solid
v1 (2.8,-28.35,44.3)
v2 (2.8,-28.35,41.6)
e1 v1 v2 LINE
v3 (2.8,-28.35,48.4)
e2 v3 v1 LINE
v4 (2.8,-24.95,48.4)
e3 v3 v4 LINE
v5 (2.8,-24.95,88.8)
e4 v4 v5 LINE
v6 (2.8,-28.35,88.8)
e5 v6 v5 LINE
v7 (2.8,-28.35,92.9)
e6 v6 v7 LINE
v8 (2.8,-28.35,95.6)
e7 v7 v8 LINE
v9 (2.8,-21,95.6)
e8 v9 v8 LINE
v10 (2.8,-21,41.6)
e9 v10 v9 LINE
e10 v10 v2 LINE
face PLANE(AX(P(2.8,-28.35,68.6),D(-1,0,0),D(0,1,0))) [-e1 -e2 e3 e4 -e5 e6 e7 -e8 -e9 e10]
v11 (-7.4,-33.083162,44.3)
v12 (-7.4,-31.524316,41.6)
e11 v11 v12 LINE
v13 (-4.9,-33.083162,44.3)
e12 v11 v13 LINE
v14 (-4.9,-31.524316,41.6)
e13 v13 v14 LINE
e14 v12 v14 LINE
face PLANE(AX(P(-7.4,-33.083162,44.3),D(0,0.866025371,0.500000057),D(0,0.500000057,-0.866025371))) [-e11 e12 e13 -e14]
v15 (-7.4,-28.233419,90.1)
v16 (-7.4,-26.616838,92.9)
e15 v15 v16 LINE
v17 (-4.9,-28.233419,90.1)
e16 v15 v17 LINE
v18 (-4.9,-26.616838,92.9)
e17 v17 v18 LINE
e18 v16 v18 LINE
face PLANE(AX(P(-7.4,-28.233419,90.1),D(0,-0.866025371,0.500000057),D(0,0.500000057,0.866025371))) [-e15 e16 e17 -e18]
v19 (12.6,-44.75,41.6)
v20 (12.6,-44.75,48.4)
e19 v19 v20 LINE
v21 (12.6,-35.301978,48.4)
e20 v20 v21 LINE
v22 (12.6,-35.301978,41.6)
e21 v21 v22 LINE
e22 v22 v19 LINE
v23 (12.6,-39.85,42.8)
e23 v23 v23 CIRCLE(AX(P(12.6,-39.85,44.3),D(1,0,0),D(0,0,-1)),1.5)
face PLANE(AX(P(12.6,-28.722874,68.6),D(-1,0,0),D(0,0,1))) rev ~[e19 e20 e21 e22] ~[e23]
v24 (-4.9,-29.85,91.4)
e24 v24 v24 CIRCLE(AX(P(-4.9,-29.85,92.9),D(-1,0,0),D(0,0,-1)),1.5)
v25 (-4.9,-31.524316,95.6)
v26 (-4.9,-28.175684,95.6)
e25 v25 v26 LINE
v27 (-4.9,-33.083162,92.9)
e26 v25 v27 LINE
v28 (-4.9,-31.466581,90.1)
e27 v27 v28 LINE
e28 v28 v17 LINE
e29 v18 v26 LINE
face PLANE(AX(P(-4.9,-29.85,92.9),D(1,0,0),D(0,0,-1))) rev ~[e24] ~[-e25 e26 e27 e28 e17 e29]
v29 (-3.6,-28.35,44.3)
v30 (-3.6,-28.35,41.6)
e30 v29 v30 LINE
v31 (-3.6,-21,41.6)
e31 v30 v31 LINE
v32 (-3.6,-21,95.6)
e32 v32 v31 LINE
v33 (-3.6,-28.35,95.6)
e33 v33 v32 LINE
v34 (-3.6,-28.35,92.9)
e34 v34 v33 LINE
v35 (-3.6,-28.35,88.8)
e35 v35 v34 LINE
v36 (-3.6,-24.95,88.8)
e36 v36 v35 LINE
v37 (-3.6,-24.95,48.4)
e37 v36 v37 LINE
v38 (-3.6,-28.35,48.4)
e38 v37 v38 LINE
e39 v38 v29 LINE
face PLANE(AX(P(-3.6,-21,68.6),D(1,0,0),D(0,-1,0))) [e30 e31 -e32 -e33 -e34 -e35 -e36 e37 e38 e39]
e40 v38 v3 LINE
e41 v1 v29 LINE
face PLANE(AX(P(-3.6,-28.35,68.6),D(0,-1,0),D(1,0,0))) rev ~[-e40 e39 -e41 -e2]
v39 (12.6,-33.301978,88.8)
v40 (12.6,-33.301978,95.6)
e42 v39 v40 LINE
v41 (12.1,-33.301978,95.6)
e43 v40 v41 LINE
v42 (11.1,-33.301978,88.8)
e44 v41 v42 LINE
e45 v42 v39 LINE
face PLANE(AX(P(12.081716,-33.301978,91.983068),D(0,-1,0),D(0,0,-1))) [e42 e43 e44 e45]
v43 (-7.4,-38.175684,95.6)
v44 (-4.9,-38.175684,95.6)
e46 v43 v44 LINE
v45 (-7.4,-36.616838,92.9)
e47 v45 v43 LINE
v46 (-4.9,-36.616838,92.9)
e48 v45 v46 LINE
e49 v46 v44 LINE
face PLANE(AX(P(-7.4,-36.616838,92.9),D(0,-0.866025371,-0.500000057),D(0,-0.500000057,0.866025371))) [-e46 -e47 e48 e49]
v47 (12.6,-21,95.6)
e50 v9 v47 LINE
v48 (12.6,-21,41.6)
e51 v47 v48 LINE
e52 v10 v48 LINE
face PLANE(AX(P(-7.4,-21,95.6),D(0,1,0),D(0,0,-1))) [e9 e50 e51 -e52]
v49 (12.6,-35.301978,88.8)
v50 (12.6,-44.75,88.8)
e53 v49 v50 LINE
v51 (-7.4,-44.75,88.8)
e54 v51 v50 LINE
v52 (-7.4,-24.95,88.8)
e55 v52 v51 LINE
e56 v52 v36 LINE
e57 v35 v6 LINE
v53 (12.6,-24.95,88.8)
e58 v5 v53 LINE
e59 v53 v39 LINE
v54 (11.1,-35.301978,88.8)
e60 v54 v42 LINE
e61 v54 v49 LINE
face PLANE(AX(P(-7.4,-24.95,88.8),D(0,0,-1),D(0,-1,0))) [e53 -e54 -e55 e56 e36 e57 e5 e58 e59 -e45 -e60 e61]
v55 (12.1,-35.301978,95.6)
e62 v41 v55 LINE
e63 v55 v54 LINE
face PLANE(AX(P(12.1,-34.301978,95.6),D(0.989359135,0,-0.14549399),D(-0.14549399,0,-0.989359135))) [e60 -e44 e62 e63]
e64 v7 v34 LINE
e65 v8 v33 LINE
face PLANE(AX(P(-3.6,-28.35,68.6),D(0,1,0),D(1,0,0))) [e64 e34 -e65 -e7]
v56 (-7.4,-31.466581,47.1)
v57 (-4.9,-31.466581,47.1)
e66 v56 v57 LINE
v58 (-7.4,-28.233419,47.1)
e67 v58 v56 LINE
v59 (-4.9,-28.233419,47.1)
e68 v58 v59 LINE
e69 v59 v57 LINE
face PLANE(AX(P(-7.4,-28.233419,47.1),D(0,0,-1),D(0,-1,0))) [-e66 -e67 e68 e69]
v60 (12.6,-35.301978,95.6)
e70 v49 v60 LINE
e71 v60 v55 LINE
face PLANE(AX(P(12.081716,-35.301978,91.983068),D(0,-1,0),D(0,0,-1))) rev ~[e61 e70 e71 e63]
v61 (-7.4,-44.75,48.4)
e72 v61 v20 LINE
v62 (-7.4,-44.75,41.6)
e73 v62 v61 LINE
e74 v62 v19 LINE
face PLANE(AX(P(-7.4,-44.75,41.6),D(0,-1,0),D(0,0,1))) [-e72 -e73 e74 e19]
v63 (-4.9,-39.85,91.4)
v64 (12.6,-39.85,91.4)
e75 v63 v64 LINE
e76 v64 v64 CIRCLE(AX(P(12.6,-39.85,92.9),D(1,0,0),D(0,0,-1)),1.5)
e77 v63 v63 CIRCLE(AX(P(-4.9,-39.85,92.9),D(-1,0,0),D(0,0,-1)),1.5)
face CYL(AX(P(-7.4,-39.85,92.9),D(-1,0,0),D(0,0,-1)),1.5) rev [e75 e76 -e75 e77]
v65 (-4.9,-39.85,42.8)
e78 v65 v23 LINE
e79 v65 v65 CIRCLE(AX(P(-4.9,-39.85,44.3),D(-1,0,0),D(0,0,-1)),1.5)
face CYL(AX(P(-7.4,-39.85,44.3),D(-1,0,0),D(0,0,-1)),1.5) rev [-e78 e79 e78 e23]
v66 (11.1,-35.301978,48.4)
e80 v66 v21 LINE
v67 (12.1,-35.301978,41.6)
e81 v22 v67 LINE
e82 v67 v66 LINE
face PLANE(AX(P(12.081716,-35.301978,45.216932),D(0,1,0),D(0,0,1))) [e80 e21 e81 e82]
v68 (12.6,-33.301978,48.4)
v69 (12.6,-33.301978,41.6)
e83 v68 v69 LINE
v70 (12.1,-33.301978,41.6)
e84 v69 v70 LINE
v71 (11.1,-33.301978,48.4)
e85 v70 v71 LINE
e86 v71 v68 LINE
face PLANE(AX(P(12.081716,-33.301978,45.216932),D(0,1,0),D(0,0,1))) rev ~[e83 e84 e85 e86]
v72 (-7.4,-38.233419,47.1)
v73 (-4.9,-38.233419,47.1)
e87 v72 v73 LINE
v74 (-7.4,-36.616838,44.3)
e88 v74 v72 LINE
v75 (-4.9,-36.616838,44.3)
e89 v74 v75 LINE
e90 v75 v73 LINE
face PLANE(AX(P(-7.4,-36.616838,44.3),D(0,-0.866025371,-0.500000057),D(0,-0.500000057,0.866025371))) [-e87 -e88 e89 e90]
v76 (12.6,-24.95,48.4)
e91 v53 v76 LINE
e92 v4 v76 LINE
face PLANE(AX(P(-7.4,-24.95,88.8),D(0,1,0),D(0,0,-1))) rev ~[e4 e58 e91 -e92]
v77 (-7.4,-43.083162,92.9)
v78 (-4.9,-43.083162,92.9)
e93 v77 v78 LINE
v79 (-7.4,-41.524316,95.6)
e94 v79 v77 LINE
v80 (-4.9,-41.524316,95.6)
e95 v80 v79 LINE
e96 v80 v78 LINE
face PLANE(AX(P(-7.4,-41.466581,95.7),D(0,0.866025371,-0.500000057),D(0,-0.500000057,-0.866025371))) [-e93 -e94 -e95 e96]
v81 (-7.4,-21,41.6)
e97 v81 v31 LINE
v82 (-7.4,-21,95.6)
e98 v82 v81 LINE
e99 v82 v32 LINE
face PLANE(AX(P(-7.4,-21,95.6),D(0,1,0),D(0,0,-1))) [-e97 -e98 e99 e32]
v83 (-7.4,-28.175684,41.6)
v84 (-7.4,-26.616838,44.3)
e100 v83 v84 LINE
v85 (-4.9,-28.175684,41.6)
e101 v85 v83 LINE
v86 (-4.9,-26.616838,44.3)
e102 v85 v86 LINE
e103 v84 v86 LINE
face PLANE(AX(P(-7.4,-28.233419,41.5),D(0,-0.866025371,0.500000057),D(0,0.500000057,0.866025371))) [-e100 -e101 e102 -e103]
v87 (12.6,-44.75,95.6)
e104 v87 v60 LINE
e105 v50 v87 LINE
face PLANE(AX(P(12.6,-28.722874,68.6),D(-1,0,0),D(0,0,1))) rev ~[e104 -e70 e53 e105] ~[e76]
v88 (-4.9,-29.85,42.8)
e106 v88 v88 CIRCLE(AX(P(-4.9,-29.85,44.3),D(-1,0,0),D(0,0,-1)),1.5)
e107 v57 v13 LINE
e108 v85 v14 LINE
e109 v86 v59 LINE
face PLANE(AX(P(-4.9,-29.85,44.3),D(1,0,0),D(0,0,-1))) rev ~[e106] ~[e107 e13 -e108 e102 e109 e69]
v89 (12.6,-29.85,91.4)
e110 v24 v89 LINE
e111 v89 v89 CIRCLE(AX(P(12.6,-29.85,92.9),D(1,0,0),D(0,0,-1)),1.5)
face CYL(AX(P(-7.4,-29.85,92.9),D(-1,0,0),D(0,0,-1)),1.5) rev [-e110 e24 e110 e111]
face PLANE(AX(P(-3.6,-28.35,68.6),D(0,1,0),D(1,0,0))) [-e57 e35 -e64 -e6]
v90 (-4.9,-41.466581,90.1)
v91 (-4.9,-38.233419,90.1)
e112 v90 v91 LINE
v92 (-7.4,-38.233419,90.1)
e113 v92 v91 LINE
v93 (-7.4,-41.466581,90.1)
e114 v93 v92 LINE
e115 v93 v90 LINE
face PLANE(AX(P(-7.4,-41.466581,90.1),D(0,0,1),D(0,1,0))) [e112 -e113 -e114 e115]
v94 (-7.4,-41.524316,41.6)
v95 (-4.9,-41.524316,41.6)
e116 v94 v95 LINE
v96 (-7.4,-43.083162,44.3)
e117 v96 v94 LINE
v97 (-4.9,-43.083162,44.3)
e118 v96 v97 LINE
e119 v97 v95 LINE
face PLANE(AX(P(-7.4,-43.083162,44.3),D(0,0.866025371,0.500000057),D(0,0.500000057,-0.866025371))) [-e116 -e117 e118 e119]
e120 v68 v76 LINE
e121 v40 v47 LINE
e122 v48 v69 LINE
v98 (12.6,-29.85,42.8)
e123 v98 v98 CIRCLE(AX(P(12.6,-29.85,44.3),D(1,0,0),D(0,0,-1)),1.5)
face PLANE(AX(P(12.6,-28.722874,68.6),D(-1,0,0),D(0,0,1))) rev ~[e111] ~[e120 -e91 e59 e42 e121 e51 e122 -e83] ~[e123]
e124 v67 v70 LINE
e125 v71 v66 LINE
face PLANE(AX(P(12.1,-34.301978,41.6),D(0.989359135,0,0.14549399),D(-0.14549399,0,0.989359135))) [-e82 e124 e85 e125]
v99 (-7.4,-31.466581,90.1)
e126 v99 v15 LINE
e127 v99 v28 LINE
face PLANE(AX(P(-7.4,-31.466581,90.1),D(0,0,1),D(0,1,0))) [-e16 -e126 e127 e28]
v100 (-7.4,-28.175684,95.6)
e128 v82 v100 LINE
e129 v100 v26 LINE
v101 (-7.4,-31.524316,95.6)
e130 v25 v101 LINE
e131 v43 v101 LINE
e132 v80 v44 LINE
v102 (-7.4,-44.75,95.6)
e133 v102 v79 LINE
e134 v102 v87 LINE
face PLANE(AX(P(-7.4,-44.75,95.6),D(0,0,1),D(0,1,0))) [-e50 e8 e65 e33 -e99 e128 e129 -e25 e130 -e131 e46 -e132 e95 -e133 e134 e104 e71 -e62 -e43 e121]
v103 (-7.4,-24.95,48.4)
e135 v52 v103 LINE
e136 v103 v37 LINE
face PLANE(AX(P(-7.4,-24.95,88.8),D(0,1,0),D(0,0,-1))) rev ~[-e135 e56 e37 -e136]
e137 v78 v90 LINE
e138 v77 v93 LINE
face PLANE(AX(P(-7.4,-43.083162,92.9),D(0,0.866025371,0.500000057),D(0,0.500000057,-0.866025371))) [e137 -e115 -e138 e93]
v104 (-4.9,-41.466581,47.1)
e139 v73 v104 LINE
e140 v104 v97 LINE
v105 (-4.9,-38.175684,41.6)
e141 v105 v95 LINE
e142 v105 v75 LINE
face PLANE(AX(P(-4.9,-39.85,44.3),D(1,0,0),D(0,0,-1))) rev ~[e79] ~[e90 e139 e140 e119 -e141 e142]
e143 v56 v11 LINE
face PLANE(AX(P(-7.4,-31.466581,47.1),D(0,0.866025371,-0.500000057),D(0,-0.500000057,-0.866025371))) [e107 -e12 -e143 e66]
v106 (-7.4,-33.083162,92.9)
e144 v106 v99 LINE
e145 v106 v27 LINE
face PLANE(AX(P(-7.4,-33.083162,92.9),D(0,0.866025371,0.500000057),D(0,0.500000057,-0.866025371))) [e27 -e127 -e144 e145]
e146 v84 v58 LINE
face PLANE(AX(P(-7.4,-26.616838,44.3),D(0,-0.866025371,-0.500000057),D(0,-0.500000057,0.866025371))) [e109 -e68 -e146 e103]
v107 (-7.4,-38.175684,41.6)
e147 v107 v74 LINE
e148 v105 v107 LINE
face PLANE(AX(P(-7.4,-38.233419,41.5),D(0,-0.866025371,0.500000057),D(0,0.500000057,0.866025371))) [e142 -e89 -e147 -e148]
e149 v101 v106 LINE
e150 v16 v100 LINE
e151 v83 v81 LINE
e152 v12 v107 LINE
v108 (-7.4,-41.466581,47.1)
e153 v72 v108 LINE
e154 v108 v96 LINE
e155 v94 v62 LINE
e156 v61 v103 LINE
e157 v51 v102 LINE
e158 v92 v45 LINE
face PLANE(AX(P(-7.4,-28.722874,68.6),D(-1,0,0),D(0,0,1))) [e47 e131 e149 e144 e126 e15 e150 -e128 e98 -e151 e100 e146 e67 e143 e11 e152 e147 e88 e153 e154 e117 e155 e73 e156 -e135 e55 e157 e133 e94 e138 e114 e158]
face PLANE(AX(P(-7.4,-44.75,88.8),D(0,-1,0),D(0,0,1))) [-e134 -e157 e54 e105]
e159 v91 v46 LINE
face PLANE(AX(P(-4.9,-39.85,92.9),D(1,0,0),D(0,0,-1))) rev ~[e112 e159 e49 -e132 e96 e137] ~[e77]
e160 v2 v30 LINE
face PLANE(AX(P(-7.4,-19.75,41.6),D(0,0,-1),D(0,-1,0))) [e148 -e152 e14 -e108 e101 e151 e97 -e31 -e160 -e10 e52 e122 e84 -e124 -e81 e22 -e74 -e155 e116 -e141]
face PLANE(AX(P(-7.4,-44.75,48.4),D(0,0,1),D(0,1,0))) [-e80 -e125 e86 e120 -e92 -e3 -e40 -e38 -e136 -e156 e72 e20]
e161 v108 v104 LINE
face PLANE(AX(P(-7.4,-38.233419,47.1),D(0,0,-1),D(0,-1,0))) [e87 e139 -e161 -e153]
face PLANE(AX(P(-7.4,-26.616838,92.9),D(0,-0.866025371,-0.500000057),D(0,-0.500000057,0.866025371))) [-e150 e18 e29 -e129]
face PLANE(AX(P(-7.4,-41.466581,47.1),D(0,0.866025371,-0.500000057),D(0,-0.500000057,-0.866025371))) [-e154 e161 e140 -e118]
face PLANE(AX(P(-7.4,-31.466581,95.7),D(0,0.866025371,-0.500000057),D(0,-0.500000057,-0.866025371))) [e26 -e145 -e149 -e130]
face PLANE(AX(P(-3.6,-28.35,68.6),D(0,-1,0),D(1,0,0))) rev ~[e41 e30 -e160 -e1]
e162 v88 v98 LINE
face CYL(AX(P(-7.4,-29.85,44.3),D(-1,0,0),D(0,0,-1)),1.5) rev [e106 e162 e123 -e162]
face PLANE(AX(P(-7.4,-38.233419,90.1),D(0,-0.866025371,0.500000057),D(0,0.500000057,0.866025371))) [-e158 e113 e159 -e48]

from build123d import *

# Parameters (mm, degrees)
SKETCH050_R             = 1.5
PAD021_DEPTH            = 20
POCKET001_DEPTH         = 27.001
POCKET001_DEPTH_BACK    = 27.001
POCKET032_DEPTH         = 1
POCKET033_DEPTH         = 2.5
SKETCH008_W             = 54
SKETCH008_H             = 1.25
POCKET003_DEPTH         = 0.001
POCKET003_DEPTH_BACK    = 20.001
BODY009_PITCH_ANGLE     = 90
BODY009_PLACEMENT_ANGLE = 90


with BuildPart() as part:
    # Sketch050 → Pad021 (new body)
    with BuildSketch(Plane.XZ):
        Polygon((-27, 25), (27, 25), (27, 0), (20.2, 0), (20.2, 19.8), (20, 19.8), (-20, 19.8), (-20.2, 19.8), (-20.2, 0), (-27, 0), align=None)
        with Locations((24.3, 14.9)):
            Circle(SKETCH050_R, mode=Mode.SUBTRACT)
        with Locations((24.3, 4.9)):
            Circle(SKETCH050_R, mode=Mode.SUBTRACT)
        with Locations((-24.3, 14.9)):
            Circle(SKETCH050_R, mode=Mode.SUBTRACT)
        with Locations((-24.3, 4.9)):
            Circle(SKETCH050_R, mode=Mode.SUBTRACT)
    extrude(amount=PAD021_DEPTH)

    # Sketch007 → Pocket001 (cut, two sides)
    with BuildSketch(Plane.YZ) as pocket001_sk:
        Polygon((-10.2, 16.4), (-10.2, 23.75), (-7.25, 23.75), (-6.749999, 23.75), (-3.8, 23.75), (-3.8, 16.4), align=None)
    extrude(amount=-POCKET001_DEPTH, mode=Mode.SUBTRACT)
    extrude(pocket001_sk.sketch, amount=POCKET001_DEPTH_BACK, mode=Mode.SUBTRACT)

    # Sketch003 → Pocket032 (cut, symmetric)
    with BuildSketch(Plane(origin=(0, -23.75, 10.448022), x_dir=(1, 0, 0), z_dir=(0, 0, -1))):
        Polygon((-20.2, -3.75), (-27, -3.75), (-27, -4.25), (-20.2, -5.25), align=None)
        Polygon((20.2, -3.75), (27, -3.75), (27, -4.25), (20.2, -5.25), align=None)
    extrude(amount=POCKET032_DEPTH, both=True, mode=Mode.SUBTRACT)

    # Sketch051 → Pocket033 (cut)
    with BuildSketch(Plane.XZ):
        Polygon((-27.1, 16.516581), (-27.1, 13.283419), (-24.3, 11.666838), (-21.5, 13.283419), (-21.5, 16.516581), (-24.3, 18.133162), align=None)
        Polygon((-27.1, 6.516581), (-27.1, 3.283419), (-24.3, 1.666838), (-21.5, 3.283419), (-21.5, 6.516581), (-24.3, 8.133162), align=None)
        Polygon((21.5, 16.516581), (21.5, 13.283419), (24.3, 11.666838), (27.1, 13.283419), (27.1, 16.516581), (24.3, 18.133162), align=None)
        Polygon((21.5, 6.516581), (21.5, 3.283419), (24.3, 1.666838), (27.1, 3.283419), (27.1, 6.516581), (24.3, 8.133162), align=None)
    extrude(amount=POCKET033_DEPTH, mode=Mode.SUBTRACT)

    # Sketch008 → Pocket003 (cut, two sides)
    with BuildSketch(Plane.XZ) as pocket003_sk:
        with Locations((0, 24.375)):
            Rectangle(SKETCH008_W, SKETCH008_H)
    extrude(amount=-POCKET003_DEPTH, mode=Mode.SUBTRACT)
    extrude(pocket003_sk.sketch, amount=POCKET003_DEPTH_BACK, mode=Mode.SUBTRACT)


with BuildPart() as part_1:
    # Body009 pitch: moved
    add(part.part.rotate(Axis((0, 0, 0), (0, 1, 0)), BODY009_PITCH_ANGLE))


with BuildPart() as part_2:
    # Body009 placement: moved
    add(part_1.part.moved(Location((-7.4, -44.75, 68.6))).rotate(Axis((-7.4, -44.75, 68.6), (0, 0, 1)), BODY009_PLACEMENT_ANGLE))


solid = part_2.part
